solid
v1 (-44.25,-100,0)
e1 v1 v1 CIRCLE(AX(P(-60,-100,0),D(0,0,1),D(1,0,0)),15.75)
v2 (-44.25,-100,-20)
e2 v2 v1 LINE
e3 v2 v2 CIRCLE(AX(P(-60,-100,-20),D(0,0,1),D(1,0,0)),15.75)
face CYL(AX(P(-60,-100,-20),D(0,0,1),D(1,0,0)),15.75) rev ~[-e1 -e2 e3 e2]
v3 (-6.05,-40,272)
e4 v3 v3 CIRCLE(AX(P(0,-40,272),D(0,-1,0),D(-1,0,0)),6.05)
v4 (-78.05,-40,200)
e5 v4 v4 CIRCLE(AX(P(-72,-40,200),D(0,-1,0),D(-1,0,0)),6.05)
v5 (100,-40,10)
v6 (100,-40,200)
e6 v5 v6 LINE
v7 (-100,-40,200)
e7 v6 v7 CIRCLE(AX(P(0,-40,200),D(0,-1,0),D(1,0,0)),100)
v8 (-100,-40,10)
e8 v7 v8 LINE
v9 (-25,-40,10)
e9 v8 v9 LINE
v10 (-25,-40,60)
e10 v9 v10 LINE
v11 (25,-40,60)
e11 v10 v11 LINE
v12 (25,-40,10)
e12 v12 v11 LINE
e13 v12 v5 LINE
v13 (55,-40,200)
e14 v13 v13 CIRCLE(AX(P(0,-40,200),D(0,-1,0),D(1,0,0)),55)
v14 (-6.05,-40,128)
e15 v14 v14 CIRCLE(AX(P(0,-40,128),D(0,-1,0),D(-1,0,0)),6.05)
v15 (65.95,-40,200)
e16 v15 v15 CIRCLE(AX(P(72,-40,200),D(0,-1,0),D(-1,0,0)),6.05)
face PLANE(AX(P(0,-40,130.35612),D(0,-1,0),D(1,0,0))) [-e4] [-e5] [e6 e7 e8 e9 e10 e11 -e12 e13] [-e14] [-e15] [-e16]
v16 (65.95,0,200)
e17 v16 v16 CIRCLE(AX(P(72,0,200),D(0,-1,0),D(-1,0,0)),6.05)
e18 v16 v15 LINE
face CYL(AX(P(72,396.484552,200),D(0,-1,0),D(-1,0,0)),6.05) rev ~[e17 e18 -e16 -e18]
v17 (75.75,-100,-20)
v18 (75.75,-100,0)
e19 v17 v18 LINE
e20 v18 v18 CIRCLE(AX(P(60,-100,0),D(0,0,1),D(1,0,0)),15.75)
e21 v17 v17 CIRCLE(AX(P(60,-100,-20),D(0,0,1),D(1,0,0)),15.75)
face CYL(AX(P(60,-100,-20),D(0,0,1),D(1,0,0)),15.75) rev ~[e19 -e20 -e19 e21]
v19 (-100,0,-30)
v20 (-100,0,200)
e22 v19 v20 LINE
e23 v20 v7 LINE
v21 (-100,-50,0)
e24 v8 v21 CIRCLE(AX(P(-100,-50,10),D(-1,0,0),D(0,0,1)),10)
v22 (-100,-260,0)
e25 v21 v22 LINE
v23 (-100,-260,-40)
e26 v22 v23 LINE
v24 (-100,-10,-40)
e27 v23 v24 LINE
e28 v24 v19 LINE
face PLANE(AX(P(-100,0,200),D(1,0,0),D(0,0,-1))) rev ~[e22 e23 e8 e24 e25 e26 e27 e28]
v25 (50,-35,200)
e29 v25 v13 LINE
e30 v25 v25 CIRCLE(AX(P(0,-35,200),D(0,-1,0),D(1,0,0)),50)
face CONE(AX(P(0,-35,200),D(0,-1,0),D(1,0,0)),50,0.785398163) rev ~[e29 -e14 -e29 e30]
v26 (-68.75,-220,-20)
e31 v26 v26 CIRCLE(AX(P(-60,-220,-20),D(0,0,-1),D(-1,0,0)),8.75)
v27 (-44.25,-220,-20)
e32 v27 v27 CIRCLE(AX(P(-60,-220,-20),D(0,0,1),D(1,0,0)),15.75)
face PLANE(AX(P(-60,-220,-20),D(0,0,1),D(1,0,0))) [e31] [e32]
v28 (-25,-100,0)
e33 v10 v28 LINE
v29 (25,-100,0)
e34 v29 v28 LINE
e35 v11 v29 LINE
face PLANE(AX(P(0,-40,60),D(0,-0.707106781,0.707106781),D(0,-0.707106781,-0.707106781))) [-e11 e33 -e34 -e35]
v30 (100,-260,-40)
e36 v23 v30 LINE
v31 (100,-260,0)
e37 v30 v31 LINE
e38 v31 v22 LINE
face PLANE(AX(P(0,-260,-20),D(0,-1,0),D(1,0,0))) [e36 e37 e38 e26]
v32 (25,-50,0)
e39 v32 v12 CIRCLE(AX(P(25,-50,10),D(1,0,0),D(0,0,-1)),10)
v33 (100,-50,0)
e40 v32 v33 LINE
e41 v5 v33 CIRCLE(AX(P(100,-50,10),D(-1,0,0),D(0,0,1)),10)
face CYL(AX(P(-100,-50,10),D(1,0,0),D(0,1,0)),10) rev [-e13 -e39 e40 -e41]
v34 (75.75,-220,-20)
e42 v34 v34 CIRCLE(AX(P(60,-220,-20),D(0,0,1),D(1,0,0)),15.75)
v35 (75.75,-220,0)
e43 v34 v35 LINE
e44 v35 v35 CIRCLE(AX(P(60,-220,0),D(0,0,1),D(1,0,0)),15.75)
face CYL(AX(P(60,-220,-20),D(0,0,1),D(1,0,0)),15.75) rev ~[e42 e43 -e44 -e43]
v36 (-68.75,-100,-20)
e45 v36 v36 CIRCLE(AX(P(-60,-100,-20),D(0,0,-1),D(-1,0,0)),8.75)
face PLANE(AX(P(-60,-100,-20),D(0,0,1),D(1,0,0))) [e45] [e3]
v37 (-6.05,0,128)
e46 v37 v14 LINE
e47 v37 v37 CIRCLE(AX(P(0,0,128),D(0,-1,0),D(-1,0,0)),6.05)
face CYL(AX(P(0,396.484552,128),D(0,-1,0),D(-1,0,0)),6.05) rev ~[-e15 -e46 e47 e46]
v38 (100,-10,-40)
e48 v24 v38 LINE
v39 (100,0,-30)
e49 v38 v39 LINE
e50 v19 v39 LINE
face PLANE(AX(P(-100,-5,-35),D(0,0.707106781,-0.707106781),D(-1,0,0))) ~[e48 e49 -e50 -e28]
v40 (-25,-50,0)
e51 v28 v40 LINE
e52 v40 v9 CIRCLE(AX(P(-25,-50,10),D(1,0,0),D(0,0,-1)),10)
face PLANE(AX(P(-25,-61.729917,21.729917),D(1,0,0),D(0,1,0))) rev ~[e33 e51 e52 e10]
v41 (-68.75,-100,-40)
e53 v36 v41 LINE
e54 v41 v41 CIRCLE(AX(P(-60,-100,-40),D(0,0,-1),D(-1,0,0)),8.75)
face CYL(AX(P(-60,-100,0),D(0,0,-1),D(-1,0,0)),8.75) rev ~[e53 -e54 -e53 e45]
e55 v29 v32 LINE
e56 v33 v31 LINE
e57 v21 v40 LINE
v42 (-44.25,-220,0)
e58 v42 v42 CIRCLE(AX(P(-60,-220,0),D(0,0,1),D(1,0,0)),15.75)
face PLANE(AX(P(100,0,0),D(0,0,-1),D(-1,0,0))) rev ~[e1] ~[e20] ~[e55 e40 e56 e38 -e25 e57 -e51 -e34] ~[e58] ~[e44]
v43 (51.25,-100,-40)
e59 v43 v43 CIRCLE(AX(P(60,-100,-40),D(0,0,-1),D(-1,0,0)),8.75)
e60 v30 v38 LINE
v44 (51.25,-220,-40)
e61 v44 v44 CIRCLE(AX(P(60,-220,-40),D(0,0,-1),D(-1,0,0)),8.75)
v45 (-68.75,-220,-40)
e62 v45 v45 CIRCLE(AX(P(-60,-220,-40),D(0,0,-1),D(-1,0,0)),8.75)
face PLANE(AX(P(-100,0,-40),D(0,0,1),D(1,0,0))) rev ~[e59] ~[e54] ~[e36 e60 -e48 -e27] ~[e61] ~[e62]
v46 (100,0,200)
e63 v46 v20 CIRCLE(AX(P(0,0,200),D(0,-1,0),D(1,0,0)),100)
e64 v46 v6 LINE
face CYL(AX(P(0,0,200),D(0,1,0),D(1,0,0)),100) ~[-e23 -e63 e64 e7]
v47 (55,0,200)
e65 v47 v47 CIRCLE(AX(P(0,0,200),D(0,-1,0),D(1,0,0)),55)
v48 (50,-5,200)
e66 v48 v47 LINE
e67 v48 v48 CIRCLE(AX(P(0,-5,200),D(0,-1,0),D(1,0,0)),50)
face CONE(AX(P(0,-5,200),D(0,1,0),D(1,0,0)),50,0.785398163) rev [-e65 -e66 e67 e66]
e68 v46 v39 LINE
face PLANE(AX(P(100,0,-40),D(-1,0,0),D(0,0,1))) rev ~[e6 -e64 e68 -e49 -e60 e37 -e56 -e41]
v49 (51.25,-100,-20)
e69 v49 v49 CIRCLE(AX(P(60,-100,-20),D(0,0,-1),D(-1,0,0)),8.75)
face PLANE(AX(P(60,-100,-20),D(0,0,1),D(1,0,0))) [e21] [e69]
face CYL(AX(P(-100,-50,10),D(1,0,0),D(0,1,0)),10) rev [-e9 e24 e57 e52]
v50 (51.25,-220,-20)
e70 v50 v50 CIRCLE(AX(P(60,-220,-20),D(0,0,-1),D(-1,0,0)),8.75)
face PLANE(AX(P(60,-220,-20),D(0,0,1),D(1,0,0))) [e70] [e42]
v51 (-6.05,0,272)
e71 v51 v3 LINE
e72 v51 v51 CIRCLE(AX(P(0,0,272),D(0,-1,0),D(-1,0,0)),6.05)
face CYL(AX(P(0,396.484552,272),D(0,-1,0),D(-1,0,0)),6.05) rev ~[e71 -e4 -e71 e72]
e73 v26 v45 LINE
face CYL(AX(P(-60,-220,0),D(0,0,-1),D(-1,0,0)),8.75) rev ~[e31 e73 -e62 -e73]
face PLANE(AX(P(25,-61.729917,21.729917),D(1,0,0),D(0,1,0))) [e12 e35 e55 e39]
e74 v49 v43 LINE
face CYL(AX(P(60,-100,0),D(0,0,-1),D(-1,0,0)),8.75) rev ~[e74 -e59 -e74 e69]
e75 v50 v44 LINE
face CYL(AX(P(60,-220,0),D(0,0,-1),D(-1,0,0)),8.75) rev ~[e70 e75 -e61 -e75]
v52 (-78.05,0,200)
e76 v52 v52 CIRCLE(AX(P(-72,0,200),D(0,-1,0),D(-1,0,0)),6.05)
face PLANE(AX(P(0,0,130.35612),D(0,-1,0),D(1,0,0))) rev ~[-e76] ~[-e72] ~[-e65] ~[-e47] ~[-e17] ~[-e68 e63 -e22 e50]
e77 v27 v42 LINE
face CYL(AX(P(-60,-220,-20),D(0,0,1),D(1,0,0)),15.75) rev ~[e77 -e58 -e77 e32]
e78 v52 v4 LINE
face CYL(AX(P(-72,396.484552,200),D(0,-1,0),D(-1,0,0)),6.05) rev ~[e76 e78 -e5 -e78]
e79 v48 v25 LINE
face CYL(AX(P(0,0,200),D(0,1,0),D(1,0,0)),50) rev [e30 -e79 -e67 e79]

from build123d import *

# Parameters (mm, degrees)
F0_R            = 50
F1_DEPTH        = 40
F2_SIZE         = 5
F3_D            = 12.1
F4_DEPTH        = 260
F5_R            = 10
F6_SIZE         = 10
F8_DEPTH        = 25
F10_D           = 17.5
F10_CBORE_D     = 31.5
F10_CBORE_DEPTH = 20


with BuildPart() as f1:
    # F0 (on Front) → F1 (new body)
    with BuildSketch(Plane.XZ):
        with BuildLine():
            Line((-100, 0), (0, 0))
            Line((0, 0), (100, 0))
            Line((100, 0), (100, 200))
            ThreePointArc((100, 200), (0, 300), (-100, 200))
            Line((-100, 200), (-100, 0))
        make_face()
        with Locations((0, 200)):
            Circle(F0_R, mode=Mode.SUBTRACT)
        Polygon((100, 0), (0, 0), (-100, 0), (-100, -40), (100, -40), align=None)
    extrude(amount=F1_DEPTH)

    # F2
    f2_edges = [f1.edges().sort_by_distance(p)[0] for p in [
        (50, -20, 200),
        (-50, 0, 200),
        (-50, -40, 200),
    ]]
    chamfer(f2_edges, length=F2_SIZE)

    # F3 (through all)
    with Locations(Plane(origin=(0, 0, 0), x_dir=(1, 0, 0), z_dir=(0, 1, 0))):
        with Locations((0, -272), (72, -200), (0, -128), (-72, -200)):
            Hole(F3_D / 2)

    # F0 (on Front) → F4 (join)
    with BuildSketch(Plane.XZ):
        Polygon((100, 0), (0, 0), (-100, 0), (-100, -40), (100, -40), align=None)
    extrude(amount=F4_DEPTH)

    # F5
    f5_edges = [f1.edges().sort_by_distance(p)[0] for p in [
        (0, -40, 0),
    ]]
    fillet(f5_edges, radius=F5_R)

    # F6
    f6_edges = [f1.edges().sort_by_distance(p)[0] for p in [
        (0, 0, -40),
    ]]
    chamfer(f6_edges, length=F6_SIZE)

    # F7 (on Right) → F8 (join, symmetric)
    with BuildSketch(Plane.YZ):
        with BuildLine():
            ThreePointArc((-50, 0), (-42.9289321881, 2.9289321881), (-40, 10))
            Line((-40, 10), (-40, 60))
            Line((-40, 60), (-100, 0))
            Line((-100, 0), (-50, 0))
        make_face()
    extrude(amount=F8_DEPTH, both=True)

    # F10 (through all)
    with Locations(Plane.XY):
        with Locations((-60, -100), (60, -100), (60, -220), (-60, -220)):
            CounterBoreHole(F10_D / 2, F10_CBORE_D / 2, F10_CBORE_DEPTH)


solid = f1.part
